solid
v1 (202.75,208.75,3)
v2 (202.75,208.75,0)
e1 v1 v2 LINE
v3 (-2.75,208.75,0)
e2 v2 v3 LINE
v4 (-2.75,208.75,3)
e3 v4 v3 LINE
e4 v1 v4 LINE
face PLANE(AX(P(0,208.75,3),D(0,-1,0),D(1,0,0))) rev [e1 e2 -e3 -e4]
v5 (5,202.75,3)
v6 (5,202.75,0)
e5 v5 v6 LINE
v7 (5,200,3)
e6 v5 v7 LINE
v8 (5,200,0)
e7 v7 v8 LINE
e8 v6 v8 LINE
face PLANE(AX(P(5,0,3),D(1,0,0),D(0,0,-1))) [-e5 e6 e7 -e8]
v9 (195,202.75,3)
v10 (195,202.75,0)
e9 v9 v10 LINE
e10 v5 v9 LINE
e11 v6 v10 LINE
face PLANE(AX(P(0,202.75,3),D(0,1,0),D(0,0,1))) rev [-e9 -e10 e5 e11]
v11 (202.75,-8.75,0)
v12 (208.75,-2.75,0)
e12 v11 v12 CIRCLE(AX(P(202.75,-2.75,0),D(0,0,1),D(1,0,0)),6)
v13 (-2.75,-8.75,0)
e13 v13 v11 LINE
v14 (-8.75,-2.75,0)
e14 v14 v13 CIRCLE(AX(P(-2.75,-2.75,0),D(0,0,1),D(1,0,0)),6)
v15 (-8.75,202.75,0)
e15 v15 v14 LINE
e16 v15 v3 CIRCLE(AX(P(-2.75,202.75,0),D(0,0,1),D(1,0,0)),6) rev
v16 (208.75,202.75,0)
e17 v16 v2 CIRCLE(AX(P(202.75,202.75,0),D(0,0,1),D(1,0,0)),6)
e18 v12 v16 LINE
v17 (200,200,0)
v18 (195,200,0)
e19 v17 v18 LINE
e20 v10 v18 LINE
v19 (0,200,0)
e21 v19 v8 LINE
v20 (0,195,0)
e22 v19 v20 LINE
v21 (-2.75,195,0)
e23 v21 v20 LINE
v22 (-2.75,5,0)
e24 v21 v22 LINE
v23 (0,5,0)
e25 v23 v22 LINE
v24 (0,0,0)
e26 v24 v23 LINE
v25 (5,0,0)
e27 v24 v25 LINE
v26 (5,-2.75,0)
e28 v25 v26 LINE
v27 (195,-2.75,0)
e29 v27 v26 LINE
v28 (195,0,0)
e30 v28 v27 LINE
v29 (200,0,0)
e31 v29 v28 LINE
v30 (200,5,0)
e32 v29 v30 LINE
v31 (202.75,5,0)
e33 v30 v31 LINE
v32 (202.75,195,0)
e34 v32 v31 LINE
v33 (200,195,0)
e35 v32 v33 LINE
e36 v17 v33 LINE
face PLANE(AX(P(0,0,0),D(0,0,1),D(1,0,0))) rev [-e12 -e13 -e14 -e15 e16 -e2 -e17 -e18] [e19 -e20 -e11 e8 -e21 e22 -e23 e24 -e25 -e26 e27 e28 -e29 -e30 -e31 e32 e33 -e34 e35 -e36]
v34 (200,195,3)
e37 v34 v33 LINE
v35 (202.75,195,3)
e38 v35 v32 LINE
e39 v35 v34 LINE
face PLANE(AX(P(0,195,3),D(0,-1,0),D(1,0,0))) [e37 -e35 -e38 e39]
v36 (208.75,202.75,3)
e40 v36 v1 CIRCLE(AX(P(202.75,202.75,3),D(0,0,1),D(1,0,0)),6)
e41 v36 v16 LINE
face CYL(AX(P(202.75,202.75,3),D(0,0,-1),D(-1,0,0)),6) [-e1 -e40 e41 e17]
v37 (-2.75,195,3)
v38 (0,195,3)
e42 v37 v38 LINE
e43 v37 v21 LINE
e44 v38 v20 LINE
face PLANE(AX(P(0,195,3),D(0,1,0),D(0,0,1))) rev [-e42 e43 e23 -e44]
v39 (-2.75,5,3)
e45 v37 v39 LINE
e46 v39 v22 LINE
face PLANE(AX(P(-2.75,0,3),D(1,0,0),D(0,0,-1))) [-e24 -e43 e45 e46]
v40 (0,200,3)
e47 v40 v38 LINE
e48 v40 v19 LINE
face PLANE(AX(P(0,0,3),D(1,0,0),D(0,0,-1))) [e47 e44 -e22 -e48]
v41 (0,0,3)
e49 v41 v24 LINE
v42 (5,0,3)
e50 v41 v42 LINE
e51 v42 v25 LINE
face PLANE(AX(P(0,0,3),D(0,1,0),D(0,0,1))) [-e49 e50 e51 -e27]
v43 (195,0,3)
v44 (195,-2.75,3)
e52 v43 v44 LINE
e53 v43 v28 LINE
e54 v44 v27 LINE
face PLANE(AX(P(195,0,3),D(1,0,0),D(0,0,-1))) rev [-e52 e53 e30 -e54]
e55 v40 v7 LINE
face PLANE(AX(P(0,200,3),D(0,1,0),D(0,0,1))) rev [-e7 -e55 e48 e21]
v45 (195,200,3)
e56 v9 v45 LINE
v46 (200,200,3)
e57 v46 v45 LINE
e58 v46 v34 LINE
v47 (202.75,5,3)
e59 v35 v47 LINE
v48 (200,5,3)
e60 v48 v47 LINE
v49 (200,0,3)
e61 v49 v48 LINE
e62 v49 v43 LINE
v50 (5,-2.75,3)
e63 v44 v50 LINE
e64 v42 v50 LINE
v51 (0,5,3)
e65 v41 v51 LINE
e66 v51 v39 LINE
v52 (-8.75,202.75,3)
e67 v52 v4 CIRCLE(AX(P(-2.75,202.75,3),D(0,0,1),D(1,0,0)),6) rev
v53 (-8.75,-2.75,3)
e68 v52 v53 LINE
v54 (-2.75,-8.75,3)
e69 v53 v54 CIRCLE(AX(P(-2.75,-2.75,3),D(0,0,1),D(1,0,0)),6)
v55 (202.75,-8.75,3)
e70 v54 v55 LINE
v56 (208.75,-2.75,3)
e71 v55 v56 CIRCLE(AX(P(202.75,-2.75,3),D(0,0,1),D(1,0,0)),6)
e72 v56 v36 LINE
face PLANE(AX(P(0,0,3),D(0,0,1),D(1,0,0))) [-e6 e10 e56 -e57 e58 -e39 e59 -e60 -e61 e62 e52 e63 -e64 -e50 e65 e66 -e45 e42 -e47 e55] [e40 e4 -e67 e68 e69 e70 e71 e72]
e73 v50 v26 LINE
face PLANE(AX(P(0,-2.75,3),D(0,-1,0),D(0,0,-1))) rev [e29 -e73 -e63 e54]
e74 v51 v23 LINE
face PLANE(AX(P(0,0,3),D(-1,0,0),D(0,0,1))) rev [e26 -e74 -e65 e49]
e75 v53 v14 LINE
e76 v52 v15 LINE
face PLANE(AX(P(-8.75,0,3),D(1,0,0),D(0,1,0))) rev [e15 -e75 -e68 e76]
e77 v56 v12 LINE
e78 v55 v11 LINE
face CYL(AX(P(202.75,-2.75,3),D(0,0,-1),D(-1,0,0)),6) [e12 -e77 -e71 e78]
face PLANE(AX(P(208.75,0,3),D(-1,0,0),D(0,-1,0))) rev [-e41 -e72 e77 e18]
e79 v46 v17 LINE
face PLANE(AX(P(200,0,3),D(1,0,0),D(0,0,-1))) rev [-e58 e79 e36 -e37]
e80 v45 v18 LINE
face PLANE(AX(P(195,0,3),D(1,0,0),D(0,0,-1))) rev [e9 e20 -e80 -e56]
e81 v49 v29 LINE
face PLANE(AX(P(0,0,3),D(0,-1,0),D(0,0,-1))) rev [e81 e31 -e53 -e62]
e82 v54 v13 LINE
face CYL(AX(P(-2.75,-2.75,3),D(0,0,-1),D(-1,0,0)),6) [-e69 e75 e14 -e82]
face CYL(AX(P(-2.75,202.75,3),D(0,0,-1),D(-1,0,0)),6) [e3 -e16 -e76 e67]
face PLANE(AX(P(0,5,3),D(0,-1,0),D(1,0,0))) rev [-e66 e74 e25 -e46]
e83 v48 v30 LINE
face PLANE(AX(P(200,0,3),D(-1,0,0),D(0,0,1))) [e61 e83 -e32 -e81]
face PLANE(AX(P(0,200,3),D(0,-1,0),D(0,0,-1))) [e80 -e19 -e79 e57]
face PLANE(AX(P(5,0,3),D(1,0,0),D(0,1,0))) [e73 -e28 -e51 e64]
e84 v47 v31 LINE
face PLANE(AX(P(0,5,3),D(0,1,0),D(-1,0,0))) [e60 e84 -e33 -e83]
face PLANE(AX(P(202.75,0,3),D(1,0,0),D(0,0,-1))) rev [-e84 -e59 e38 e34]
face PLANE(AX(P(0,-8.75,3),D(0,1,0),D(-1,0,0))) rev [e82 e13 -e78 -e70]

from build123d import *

# Parameters (mm, degrees)
EXTRUDE_1_DEPTH = 3


with BuildPart() as part:
    # 草图1 → 凸台-拉伸1 (new body)
    with BuildSketch(Plane.XY):
        with BuildLine():
            Line((-8.75, 202.75), (-8.75, -2.75))
            ThreePointArc((-8.75, -2.75), (-6.992640687, -6.992640687), (-2.75, -8.75))
            Line((-2.75, -8.75), (202.75, -8.75))
            ThreePointArc((202.75, -8.75), (206.992640687, -6.992640687), (208.75, -2.75))
            Line((208.75, -2.75), (208.75, 202.75))
            ThreePointArc((208.75, 202.75), (206.992640687, 206.992640687), (202.75, 208.75))
            Line((202.75, 208.75), (-2.75, 208.75))
            ThreePointArc((-2.75, 208.75), (-6.992640687, 206.992640687), (-8.75, 202.75))
        make_face()
        Polygon((5, 202.75), (5, 200), (0, 200), (0, 195), (-2.75, 195), (-2.75, 5), (0, 5), (0, 0), (5, 0), (5, -2.75), (195, -2.75), (195, 0), (200, 0), (200, 5), (202.75, 5), (202.75, 195), (200, 195), (200, 200), (195, 200), (195, 202.75), align=None, mode=Mode.SUBTRACT)
    extrude(amount=EXTRUDE_1_DEPTH)


solid = part.part
